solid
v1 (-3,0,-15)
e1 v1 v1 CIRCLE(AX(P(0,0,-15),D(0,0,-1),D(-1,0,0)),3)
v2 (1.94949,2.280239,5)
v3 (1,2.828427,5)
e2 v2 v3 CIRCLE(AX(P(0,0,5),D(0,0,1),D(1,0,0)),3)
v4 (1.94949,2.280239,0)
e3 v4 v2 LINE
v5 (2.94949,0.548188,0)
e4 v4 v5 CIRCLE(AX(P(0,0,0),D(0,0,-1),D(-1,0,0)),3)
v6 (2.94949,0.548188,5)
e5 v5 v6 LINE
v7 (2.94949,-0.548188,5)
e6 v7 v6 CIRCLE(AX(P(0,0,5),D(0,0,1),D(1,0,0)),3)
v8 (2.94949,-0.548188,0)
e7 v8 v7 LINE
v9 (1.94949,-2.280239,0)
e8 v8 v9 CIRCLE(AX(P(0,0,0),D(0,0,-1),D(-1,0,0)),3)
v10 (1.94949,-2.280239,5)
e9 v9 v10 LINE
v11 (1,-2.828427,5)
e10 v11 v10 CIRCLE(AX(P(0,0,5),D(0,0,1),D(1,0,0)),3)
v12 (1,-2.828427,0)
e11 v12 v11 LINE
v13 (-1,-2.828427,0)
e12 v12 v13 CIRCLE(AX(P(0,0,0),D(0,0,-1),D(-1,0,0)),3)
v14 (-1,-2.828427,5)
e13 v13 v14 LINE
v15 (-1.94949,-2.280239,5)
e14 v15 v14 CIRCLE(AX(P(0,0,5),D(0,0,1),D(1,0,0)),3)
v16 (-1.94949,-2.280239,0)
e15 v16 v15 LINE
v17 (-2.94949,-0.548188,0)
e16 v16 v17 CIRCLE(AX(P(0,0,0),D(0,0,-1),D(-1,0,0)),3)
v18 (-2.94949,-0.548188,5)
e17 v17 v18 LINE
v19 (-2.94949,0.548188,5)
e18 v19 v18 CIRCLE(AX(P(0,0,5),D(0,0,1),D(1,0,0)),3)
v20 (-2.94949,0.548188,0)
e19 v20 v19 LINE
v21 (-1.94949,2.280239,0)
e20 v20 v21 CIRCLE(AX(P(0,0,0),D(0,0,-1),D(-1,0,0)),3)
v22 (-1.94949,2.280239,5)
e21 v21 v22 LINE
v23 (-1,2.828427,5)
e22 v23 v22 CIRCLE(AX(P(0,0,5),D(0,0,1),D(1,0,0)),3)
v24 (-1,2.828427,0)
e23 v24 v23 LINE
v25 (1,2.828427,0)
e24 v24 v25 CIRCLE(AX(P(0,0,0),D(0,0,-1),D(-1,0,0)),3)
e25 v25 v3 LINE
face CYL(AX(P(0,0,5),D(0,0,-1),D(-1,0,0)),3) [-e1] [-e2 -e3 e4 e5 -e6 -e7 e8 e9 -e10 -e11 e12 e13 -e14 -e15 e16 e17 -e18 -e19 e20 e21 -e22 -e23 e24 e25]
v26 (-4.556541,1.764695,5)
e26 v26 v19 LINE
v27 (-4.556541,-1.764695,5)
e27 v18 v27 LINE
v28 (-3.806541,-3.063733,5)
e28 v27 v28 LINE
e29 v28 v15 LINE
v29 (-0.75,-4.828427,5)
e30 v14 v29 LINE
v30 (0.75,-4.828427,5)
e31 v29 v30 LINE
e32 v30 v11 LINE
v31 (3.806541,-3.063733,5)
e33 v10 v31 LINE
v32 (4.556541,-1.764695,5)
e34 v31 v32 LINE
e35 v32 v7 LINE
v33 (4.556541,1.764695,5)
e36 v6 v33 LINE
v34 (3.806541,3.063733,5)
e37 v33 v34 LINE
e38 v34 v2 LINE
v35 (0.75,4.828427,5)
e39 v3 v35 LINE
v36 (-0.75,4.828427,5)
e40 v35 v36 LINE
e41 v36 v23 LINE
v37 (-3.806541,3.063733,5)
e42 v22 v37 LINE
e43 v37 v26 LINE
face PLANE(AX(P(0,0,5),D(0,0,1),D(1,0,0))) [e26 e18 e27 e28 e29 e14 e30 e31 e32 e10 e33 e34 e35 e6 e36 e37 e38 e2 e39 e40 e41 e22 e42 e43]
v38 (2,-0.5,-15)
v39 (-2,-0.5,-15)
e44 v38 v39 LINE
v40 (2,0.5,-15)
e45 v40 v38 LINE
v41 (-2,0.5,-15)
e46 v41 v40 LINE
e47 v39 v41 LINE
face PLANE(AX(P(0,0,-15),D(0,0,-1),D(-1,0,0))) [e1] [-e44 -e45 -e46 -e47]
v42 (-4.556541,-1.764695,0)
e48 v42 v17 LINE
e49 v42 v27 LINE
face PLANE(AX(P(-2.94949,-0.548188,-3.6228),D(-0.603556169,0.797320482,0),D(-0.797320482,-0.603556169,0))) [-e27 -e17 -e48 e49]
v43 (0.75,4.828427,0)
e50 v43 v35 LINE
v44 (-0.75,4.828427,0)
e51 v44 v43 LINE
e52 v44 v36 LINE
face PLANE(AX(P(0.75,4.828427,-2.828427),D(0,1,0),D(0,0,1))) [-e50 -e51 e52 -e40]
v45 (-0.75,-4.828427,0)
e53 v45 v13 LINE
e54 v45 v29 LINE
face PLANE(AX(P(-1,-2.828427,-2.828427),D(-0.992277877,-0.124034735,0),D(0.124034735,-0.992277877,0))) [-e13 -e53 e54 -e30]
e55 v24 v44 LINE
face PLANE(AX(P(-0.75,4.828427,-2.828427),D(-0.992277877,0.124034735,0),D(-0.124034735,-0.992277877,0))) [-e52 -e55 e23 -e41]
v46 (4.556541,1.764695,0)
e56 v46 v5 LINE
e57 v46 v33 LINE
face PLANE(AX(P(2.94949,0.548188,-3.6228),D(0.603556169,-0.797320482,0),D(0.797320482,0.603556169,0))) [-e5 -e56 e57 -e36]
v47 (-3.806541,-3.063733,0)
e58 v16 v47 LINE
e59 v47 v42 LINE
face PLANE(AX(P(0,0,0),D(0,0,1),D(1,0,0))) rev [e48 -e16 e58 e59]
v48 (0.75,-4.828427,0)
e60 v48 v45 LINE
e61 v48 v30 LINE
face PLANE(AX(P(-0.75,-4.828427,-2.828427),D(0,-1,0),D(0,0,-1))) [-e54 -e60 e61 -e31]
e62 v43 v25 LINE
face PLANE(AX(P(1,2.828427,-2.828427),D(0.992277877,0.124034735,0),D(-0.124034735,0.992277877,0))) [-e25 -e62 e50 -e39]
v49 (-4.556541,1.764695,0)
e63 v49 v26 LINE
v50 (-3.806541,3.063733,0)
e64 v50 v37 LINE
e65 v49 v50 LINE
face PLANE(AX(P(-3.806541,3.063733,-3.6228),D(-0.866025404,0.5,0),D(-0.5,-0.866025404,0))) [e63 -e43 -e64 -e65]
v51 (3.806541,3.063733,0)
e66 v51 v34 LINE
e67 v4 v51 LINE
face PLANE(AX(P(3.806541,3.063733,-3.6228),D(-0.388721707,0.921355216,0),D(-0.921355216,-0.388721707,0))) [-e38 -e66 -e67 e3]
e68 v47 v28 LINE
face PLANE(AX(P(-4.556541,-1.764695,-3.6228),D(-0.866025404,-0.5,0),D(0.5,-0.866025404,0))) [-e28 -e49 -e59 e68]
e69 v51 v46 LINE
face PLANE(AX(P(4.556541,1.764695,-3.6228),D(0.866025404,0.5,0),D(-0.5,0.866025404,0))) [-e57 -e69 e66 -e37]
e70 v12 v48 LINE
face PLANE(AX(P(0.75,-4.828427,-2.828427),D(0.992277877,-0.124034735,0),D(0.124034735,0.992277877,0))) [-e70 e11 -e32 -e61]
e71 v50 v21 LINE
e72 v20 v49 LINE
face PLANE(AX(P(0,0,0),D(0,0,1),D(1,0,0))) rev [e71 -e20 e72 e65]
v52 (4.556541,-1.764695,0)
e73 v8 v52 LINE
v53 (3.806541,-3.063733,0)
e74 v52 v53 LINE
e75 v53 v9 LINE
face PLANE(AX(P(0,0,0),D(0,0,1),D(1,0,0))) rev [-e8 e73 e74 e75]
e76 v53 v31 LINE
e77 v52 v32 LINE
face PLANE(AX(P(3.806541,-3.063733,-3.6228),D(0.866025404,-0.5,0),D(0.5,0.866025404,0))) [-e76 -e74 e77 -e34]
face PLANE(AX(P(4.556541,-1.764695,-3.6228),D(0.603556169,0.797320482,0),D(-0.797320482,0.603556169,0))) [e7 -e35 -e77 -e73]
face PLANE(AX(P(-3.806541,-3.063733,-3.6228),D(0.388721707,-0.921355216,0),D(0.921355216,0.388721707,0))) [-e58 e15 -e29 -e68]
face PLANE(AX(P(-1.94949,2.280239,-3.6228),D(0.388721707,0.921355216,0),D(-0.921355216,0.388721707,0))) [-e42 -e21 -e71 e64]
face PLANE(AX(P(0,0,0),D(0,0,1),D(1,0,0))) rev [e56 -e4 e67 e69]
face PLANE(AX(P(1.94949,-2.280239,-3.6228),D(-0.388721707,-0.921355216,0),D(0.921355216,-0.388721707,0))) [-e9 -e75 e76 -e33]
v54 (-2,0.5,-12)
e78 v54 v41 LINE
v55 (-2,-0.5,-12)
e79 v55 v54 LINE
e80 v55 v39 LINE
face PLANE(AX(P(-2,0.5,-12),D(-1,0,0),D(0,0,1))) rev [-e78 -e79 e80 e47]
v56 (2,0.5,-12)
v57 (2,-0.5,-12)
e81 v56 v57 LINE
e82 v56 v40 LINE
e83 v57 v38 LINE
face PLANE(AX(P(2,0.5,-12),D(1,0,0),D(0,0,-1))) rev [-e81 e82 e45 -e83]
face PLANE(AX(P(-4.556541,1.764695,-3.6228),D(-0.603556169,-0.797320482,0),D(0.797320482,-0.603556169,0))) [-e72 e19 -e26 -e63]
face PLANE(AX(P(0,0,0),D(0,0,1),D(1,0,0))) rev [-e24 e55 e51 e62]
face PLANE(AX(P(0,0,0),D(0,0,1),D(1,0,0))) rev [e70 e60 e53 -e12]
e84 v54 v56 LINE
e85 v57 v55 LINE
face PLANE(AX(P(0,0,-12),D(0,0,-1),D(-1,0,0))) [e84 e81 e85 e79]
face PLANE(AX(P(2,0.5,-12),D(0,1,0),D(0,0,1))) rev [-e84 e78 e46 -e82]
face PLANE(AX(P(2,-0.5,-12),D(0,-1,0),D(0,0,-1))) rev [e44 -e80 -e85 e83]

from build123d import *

# Parameters (mm, degrees)
ESQUISSE1_R                  = 3
MAIN_EXTRUSION_DEPTH         = 5
GEAR_ELEMENT_DEPTH           = 5
R_P_TITION_CIRCULAIRE1_COUNT = 6
ESQUISSE3_R                  = 3
MAIN_AXE_DEPTH               = 15
ESQUISSE4_W                  = 4
ESQUISSE4_H                  = 1
AXE_TRAIT_DEPTH              = 3


with BuildPart() as part:
    # Esquisse1 → Main Extrusion (new body)
    with BuildSketch(Plane.XY):
        Circle(ESQUISSE1_R)
    extrude(amount=MAIN_EXTRUSION_DEPTH)

    # Esquisse2 → Gear Element (add)
    with BuildSketch(Plane.XY.offset(5)):
        Polygon((-1, 2.828427125), (1, 2.828427125), (0.75, 4.828427125), (-0.75, 4.828427125), align=None)
    gear_element = extrude(amount=-GEAR_ELEMENT_DEPTH)

    # Répétition circulaire1: Gear Element ×6 about axis
    r_p_tition_circulaire1_axis = Axis((0, 0, 0), (0, 0, 1))
    for i in range(1, R_P_TITION_CIRCULAIRE1_COUNT):
        add(gear_element.rotate(r_p_tition_circulaire1_axis, i * 360 / R_P_TITION_CIRCULAIRE1_COUNT))

    # Esquisse3 → Main Axe (add)
    with BuildSketch(Plane(origin=(0, 0, 0), x_dir=(-1, 0, 0), z_dir=(0, 0, -1))):
        Circle(ESQUISSE3_R)
    extrude(amount=MAIN_AXE_DEPTH)

    # Esquisse4 → Axe Trait (cut)
    with BuildSketch(Plane(origin=(0, 0, -15), x_dir=(-1, 0, 0), z_dir=(0, 0, -1))):
        Rectangle(ESQUISSE4_W, ESQUISSE4_H)
    extrude(amount=-AXE_TRAIT_DEPTH, mode=Mode.SUBTRACT)


solid = part.part
